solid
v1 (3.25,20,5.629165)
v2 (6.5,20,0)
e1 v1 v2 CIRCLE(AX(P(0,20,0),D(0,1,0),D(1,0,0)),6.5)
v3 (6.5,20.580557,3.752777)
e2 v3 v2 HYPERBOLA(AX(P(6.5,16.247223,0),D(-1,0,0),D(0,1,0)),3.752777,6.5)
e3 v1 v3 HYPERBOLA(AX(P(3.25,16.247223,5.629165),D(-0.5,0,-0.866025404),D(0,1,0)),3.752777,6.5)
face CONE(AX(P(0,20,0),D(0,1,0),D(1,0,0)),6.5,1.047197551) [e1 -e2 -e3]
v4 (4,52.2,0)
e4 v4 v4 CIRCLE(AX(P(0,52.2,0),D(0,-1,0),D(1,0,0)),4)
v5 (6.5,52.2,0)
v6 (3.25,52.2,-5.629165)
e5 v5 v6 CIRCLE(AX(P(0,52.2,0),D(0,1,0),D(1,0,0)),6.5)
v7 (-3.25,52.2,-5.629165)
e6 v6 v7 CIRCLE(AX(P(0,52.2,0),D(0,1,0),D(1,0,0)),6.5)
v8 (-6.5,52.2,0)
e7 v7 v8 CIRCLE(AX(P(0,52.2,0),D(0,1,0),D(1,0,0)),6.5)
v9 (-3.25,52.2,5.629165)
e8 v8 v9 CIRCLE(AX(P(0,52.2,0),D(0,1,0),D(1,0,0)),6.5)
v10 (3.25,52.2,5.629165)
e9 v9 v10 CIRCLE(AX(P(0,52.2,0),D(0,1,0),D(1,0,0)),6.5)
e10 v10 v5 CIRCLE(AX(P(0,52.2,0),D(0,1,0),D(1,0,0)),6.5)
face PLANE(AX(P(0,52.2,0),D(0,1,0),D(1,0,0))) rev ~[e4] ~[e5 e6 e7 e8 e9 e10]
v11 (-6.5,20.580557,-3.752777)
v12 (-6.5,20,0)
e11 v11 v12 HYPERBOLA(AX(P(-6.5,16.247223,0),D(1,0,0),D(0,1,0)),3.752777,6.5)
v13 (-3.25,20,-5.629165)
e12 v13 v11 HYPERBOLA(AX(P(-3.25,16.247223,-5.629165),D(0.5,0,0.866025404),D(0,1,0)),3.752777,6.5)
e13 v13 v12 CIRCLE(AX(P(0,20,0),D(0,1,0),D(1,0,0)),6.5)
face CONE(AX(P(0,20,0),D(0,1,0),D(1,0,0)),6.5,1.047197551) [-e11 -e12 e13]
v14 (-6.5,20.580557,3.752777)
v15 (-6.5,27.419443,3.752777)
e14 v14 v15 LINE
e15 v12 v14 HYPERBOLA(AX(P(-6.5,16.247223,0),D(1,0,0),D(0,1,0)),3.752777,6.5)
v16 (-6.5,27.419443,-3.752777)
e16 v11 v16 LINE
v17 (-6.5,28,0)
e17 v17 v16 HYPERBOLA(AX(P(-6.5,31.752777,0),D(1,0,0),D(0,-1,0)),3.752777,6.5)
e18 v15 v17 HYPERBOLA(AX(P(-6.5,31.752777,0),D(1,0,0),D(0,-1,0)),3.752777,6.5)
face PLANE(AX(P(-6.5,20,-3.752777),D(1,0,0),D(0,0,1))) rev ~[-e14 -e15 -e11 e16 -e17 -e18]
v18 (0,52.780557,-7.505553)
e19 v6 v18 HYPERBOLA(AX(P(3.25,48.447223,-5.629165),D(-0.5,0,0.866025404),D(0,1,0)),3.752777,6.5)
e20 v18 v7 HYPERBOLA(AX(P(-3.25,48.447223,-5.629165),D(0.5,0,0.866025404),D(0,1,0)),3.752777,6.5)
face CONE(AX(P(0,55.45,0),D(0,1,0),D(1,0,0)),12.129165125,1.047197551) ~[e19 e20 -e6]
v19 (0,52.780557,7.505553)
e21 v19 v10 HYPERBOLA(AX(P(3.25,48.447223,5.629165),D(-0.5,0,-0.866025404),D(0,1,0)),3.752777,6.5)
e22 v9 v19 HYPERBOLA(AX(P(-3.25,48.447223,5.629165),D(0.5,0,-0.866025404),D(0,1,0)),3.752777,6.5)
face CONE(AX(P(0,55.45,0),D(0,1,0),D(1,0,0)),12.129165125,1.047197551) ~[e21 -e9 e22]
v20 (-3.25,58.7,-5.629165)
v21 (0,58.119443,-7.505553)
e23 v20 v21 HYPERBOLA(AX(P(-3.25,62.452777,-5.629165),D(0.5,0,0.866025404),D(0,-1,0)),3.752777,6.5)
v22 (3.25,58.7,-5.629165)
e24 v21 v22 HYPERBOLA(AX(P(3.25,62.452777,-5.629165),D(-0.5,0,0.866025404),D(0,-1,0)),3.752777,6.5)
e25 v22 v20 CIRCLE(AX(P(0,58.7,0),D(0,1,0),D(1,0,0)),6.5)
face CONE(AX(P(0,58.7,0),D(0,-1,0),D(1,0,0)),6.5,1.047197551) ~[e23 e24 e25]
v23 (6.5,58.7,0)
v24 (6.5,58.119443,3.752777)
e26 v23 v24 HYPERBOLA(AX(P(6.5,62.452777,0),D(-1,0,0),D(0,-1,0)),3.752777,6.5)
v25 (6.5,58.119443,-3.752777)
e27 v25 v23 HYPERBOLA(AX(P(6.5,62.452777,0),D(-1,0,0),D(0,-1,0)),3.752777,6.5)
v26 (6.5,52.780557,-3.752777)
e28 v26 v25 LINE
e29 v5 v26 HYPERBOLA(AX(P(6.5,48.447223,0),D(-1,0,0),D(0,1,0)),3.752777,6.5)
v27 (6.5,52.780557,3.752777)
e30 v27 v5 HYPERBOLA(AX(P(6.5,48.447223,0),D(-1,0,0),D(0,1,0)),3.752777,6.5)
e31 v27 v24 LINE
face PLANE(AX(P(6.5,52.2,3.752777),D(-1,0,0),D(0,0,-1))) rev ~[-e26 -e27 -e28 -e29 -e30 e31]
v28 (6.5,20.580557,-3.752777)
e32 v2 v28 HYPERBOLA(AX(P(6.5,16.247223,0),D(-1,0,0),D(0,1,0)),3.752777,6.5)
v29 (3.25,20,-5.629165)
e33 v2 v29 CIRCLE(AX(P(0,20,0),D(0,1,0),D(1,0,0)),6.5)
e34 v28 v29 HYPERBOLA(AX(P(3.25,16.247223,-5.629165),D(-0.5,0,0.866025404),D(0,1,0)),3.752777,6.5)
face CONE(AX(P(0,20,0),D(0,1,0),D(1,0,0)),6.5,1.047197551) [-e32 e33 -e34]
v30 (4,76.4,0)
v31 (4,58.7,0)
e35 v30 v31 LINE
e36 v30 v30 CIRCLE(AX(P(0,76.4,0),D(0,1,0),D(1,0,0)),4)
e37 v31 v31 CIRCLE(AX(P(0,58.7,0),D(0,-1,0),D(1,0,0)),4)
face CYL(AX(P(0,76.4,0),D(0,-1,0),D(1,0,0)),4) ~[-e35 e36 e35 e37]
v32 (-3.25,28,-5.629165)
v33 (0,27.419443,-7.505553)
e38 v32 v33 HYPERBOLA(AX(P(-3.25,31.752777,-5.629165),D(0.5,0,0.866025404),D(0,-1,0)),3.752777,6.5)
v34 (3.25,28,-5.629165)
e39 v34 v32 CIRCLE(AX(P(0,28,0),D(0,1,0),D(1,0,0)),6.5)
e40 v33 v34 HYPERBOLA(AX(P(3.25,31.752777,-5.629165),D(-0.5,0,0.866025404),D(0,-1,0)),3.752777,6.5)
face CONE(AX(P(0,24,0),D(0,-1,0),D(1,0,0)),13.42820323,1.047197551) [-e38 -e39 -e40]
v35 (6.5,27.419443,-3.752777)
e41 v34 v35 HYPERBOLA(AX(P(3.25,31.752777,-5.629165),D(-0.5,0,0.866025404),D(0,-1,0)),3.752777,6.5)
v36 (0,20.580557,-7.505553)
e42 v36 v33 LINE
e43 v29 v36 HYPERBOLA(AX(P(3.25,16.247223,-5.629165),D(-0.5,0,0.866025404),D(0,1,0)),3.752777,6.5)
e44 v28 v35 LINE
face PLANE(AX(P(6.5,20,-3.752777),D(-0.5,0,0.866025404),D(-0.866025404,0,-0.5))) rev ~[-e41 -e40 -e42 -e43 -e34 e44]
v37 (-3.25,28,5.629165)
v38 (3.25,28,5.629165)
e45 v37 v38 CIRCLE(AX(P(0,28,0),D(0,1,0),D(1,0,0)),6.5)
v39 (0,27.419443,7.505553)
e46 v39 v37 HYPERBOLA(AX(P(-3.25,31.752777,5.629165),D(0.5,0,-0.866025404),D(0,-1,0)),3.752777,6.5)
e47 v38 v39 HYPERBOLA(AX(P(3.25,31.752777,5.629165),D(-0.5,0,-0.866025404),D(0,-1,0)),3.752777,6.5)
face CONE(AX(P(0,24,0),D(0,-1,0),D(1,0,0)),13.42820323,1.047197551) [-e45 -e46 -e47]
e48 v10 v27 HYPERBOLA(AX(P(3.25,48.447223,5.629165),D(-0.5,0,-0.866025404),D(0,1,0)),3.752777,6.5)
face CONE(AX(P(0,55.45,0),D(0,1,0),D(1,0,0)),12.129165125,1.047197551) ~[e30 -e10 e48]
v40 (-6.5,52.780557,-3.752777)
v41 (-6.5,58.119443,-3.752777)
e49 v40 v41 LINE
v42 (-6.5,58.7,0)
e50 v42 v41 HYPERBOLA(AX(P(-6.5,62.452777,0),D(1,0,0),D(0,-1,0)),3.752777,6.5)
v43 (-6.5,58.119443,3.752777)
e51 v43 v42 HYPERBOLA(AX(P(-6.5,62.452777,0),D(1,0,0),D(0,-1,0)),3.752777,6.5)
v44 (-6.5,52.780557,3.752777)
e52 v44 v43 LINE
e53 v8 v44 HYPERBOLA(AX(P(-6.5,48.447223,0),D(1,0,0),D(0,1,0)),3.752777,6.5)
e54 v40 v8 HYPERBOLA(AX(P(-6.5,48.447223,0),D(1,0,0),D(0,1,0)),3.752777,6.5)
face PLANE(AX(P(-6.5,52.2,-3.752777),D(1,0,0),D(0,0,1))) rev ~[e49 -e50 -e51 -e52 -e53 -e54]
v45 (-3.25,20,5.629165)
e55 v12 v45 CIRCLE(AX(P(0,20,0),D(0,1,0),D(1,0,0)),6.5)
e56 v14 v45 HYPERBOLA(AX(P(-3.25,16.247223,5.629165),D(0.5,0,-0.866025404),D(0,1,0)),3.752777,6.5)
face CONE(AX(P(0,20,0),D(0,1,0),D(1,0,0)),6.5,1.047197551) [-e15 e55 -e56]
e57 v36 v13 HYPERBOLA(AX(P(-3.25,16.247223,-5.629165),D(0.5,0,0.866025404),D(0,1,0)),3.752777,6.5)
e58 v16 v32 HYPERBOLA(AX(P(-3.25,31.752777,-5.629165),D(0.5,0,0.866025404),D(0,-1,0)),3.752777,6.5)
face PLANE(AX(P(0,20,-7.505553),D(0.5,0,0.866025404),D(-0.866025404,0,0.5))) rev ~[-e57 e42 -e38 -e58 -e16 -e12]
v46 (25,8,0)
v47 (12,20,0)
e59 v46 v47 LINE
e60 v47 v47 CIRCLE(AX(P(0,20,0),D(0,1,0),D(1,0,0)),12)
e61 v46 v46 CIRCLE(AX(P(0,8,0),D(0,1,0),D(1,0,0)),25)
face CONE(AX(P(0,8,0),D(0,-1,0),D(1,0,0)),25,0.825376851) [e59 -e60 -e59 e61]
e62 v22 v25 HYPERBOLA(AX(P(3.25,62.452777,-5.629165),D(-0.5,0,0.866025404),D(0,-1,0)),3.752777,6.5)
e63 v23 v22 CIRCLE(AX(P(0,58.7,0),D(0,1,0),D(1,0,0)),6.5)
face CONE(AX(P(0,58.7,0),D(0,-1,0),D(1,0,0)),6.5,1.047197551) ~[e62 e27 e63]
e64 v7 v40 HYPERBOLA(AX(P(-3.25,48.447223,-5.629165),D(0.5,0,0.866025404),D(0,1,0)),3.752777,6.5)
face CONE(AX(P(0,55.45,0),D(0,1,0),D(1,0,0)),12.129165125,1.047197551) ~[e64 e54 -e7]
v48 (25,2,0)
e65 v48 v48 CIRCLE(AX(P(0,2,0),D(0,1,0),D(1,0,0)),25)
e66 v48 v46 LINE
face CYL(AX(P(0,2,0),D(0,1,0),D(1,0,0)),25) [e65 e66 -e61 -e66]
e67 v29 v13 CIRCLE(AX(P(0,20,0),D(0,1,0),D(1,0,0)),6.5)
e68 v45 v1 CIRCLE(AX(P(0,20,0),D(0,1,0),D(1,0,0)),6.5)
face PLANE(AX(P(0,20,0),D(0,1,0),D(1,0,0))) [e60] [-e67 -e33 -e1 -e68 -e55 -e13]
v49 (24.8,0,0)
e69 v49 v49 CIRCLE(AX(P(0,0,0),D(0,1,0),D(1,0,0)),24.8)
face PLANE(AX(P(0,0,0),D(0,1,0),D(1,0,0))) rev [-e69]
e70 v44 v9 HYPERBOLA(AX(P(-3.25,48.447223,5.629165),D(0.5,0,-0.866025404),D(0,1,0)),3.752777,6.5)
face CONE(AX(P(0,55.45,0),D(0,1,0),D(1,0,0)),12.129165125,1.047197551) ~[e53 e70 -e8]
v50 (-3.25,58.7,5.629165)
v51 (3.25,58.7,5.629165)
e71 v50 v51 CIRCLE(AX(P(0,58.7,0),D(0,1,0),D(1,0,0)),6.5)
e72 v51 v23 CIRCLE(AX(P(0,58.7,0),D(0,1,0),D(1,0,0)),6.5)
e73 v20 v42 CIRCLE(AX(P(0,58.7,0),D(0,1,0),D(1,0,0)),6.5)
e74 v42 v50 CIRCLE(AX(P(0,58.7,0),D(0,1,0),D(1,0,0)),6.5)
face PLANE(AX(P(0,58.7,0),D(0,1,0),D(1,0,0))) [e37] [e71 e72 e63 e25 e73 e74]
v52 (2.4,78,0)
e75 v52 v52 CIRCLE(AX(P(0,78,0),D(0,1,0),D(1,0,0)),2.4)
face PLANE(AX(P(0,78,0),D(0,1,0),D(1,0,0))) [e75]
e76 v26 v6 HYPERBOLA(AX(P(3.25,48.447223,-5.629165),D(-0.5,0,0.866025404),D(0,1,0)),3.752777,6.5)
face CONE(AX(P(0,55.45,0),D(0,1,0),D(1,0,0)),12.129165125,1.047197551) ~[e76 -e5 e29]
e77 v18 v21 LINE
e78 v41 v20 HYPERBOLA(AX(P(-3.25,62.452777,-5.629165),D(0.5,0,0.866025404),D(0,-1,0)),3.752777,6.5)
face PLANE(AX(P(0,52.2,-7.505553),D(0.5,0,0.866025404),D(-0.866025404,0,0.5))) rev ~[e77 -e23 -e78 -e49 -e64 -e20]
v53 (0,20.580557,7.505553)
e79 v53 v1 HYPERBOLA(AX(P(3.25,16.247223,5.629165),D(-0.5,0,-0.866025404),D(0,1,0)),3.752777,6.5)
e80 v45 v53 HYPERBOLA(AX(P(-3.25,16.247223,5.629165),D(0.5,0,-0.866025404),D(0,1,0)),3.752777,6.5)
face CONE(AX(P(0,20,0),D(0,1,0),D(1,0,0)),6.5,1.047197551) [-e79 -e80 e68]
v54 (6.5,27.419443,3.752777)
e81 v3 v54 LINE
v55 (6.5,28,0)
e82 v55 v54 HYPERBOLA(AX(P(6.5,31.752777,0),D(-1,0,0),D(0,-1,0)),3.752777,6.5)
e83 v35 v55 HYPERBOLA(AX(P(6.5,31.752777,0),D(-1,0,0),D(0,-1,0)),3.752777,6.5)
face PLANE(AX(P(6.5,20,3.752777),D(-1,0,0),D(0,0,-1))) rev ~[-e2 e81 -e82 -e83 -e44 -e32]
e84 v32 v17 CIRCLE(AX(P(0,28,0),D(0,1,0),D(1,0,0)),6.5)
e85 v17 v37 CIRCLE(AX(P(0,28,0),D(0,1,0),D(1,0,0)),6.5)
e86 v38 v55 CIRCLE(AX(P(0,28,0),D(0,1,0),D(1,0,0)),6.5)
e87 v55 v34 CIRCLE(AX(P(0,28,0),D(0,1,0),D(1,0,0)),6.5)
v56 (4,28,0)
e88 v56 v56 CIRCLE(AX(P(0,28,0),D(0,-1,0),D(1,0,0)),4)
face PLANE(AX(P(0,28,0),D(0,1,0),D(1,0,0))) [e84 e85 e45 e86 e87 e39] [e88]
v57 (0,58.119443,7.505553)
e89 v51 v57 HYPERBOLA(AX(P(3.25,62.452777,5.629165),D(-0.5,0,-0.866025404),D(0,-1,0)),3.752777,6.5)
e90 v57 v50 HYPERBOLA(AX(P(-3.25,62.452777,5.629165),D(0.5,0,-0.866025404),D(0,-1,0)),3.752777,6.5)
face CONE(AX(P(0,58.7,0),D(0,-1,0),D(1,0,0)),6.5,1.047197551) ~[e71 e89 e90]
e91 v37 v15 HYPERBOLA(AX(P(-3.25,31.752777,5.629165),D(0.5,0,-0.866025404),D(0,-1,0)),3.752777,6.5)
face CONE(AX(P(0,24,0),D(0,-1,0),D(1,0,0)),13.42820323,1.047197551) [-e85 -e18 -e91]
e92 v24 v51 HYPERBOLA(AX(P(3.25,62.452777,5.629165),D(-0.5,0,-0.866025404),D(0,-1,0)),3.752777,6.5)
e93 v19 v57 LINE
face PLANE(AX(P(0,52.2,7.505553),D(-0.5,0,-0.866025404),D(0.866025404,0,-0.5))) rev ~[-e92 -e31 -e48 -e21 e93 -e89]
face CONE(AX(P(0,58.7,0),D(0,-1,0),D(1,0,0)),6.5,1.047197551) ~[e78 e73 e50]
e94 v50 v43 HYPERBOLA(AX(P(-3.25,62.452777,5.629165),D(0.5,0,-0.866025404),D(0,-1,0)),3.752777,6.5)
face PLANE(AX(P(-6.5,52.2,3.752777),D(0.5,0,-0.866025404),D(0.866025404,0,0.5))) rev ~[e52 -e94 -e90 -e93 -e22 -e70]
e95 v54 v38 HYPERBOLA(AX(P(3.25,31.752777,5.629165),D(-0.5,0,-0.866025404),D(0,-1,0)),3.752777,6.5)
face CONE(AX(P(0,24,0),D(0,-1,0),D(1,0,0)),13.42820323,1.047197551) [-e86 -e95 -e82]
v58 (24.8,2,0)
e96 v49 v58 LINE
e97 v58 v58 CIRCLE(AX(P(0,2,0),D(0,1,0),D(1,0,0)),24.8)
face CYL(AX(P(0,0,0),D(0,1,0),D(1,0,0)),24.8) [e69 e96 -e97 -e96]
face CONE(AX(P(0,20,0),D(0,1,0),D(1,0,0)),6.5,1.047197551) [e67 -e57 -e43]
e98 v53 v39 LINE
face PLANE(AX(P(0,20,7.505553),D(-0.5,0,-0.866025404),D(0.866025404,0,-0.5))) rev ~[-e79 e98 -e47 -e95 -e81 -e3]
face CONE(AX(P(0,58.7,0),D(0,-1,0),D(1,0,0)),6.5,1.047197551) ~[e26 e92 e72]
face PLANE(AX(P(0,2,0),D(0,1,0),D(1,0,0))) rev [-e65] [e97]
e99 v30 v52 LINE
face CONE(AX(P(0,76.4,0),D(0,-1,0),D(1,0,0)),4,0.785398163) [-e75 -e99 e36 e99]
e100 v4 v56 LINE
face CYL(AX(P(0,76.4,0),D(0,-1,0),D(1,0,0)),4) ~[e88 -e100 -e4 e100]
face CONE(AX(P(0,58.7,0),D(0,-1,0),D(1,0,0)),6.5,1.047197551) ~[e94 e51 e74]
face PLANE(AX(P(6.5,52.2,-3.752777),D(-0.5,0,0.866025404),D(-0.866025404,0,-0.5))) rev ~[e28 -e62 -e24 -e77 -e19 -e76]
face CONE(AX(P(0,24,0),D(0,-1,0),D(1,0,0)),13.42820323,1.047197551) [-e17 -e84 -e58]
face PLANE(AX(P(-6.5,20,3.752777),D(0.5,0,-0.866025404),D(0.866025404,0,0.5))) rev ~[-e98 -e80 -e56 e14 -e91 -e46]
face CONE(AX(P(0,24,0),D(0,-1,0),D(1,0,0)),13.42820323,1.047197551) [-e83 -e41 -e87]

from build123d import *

# Parameters (mm, degrees)
EXTRUDE_1_DEPTH = 8
EXTRUDE_2_DEPTH = 6.5


with BuildPart() as part:
    # Эскиз1 → Повернуть1 (revolve)
    with BuildSketch(Plane.XY, mode=Mode.PRIVATE) as revolve_1_sk:
        Polygon((0, 0), (-24.8, 0), (-24.8, 2), (-25, 2), (-25, 8), (-12, 20), (-4, 20), (-4, 28), (-4, 76.4), (-2.4, 78), (0, 78), align=None)
    revolve(revolve_1_sk.sketch.rotate(Axis((0, 0, 0), (0, 1, 0)), 180), axis=Axis((0, 0, 0), (0, 1, 0)))  # turned: the seam where the file's is

    # Эскиз2 → Бобышка-Вытянуть1 (add)
    with BuildSketch(Plane(origin=(0, 20, 0), x_dir=(1, 0, 0), z_dir=(0, 1, 0))):
        Polygon((0, 7.505553499), (-6.5, 3.75277675), (-6.5, -3.75277675), (0, -7.505553499), (6.5, -3.75277675), (6.5, 3.75277675), align=None)
    extrude(amount=EXTRUDE_1_DEPTH)

    # Эскиз3 → Бобышка-Вытянуть2 (add)
    with BuildSketch(Plane(origin=(0, 52.2, 0), x_dir=(1, 0, 0), z_dir=(0, 1, 0))):
        Polygon((6.5, 3.75277675), (0, 7.505553499), (-6.5, 3.75277675), (-6.5, -3.75277675), (0, -7.505553499), (6.5, -3.75277675), align=None)
    extrude(amount=EXTRUDE_2_DEPTH)

    # Эскиз4 → Вырез-Повернуть2 (revolve, cut)
    with BuildSketch(Plane.XY, mode=Mode.PRIVATE) as cut_revolve_2_sk:
        Polygon((-12.129165125, 58.7), (-6.5, 58.7), (-12.129165125, 55.45), align=None)
        Polygon((-12.129165125, 52.2), (-12.129165125, 55.45), (-6.5, 52.2), align=None)
        Polygon((-13.42820323, 28), (-13.42820323, 24), (-6.5, 28), align=None)
        Polygon((-13.42820323, 24), (-13.42820323, 20), (-6.5, 20), align=None)
    revolve(cut_revolve_2_sk.sketch.rotate(Axis((0, 78, 0), (0, 1, 0)), 180), axis=Axis((0, 78, 0), (0, 1, 0)), mode=Mode.SUBTRACT)  # turned: the seam where the file's is


solid = part.part
